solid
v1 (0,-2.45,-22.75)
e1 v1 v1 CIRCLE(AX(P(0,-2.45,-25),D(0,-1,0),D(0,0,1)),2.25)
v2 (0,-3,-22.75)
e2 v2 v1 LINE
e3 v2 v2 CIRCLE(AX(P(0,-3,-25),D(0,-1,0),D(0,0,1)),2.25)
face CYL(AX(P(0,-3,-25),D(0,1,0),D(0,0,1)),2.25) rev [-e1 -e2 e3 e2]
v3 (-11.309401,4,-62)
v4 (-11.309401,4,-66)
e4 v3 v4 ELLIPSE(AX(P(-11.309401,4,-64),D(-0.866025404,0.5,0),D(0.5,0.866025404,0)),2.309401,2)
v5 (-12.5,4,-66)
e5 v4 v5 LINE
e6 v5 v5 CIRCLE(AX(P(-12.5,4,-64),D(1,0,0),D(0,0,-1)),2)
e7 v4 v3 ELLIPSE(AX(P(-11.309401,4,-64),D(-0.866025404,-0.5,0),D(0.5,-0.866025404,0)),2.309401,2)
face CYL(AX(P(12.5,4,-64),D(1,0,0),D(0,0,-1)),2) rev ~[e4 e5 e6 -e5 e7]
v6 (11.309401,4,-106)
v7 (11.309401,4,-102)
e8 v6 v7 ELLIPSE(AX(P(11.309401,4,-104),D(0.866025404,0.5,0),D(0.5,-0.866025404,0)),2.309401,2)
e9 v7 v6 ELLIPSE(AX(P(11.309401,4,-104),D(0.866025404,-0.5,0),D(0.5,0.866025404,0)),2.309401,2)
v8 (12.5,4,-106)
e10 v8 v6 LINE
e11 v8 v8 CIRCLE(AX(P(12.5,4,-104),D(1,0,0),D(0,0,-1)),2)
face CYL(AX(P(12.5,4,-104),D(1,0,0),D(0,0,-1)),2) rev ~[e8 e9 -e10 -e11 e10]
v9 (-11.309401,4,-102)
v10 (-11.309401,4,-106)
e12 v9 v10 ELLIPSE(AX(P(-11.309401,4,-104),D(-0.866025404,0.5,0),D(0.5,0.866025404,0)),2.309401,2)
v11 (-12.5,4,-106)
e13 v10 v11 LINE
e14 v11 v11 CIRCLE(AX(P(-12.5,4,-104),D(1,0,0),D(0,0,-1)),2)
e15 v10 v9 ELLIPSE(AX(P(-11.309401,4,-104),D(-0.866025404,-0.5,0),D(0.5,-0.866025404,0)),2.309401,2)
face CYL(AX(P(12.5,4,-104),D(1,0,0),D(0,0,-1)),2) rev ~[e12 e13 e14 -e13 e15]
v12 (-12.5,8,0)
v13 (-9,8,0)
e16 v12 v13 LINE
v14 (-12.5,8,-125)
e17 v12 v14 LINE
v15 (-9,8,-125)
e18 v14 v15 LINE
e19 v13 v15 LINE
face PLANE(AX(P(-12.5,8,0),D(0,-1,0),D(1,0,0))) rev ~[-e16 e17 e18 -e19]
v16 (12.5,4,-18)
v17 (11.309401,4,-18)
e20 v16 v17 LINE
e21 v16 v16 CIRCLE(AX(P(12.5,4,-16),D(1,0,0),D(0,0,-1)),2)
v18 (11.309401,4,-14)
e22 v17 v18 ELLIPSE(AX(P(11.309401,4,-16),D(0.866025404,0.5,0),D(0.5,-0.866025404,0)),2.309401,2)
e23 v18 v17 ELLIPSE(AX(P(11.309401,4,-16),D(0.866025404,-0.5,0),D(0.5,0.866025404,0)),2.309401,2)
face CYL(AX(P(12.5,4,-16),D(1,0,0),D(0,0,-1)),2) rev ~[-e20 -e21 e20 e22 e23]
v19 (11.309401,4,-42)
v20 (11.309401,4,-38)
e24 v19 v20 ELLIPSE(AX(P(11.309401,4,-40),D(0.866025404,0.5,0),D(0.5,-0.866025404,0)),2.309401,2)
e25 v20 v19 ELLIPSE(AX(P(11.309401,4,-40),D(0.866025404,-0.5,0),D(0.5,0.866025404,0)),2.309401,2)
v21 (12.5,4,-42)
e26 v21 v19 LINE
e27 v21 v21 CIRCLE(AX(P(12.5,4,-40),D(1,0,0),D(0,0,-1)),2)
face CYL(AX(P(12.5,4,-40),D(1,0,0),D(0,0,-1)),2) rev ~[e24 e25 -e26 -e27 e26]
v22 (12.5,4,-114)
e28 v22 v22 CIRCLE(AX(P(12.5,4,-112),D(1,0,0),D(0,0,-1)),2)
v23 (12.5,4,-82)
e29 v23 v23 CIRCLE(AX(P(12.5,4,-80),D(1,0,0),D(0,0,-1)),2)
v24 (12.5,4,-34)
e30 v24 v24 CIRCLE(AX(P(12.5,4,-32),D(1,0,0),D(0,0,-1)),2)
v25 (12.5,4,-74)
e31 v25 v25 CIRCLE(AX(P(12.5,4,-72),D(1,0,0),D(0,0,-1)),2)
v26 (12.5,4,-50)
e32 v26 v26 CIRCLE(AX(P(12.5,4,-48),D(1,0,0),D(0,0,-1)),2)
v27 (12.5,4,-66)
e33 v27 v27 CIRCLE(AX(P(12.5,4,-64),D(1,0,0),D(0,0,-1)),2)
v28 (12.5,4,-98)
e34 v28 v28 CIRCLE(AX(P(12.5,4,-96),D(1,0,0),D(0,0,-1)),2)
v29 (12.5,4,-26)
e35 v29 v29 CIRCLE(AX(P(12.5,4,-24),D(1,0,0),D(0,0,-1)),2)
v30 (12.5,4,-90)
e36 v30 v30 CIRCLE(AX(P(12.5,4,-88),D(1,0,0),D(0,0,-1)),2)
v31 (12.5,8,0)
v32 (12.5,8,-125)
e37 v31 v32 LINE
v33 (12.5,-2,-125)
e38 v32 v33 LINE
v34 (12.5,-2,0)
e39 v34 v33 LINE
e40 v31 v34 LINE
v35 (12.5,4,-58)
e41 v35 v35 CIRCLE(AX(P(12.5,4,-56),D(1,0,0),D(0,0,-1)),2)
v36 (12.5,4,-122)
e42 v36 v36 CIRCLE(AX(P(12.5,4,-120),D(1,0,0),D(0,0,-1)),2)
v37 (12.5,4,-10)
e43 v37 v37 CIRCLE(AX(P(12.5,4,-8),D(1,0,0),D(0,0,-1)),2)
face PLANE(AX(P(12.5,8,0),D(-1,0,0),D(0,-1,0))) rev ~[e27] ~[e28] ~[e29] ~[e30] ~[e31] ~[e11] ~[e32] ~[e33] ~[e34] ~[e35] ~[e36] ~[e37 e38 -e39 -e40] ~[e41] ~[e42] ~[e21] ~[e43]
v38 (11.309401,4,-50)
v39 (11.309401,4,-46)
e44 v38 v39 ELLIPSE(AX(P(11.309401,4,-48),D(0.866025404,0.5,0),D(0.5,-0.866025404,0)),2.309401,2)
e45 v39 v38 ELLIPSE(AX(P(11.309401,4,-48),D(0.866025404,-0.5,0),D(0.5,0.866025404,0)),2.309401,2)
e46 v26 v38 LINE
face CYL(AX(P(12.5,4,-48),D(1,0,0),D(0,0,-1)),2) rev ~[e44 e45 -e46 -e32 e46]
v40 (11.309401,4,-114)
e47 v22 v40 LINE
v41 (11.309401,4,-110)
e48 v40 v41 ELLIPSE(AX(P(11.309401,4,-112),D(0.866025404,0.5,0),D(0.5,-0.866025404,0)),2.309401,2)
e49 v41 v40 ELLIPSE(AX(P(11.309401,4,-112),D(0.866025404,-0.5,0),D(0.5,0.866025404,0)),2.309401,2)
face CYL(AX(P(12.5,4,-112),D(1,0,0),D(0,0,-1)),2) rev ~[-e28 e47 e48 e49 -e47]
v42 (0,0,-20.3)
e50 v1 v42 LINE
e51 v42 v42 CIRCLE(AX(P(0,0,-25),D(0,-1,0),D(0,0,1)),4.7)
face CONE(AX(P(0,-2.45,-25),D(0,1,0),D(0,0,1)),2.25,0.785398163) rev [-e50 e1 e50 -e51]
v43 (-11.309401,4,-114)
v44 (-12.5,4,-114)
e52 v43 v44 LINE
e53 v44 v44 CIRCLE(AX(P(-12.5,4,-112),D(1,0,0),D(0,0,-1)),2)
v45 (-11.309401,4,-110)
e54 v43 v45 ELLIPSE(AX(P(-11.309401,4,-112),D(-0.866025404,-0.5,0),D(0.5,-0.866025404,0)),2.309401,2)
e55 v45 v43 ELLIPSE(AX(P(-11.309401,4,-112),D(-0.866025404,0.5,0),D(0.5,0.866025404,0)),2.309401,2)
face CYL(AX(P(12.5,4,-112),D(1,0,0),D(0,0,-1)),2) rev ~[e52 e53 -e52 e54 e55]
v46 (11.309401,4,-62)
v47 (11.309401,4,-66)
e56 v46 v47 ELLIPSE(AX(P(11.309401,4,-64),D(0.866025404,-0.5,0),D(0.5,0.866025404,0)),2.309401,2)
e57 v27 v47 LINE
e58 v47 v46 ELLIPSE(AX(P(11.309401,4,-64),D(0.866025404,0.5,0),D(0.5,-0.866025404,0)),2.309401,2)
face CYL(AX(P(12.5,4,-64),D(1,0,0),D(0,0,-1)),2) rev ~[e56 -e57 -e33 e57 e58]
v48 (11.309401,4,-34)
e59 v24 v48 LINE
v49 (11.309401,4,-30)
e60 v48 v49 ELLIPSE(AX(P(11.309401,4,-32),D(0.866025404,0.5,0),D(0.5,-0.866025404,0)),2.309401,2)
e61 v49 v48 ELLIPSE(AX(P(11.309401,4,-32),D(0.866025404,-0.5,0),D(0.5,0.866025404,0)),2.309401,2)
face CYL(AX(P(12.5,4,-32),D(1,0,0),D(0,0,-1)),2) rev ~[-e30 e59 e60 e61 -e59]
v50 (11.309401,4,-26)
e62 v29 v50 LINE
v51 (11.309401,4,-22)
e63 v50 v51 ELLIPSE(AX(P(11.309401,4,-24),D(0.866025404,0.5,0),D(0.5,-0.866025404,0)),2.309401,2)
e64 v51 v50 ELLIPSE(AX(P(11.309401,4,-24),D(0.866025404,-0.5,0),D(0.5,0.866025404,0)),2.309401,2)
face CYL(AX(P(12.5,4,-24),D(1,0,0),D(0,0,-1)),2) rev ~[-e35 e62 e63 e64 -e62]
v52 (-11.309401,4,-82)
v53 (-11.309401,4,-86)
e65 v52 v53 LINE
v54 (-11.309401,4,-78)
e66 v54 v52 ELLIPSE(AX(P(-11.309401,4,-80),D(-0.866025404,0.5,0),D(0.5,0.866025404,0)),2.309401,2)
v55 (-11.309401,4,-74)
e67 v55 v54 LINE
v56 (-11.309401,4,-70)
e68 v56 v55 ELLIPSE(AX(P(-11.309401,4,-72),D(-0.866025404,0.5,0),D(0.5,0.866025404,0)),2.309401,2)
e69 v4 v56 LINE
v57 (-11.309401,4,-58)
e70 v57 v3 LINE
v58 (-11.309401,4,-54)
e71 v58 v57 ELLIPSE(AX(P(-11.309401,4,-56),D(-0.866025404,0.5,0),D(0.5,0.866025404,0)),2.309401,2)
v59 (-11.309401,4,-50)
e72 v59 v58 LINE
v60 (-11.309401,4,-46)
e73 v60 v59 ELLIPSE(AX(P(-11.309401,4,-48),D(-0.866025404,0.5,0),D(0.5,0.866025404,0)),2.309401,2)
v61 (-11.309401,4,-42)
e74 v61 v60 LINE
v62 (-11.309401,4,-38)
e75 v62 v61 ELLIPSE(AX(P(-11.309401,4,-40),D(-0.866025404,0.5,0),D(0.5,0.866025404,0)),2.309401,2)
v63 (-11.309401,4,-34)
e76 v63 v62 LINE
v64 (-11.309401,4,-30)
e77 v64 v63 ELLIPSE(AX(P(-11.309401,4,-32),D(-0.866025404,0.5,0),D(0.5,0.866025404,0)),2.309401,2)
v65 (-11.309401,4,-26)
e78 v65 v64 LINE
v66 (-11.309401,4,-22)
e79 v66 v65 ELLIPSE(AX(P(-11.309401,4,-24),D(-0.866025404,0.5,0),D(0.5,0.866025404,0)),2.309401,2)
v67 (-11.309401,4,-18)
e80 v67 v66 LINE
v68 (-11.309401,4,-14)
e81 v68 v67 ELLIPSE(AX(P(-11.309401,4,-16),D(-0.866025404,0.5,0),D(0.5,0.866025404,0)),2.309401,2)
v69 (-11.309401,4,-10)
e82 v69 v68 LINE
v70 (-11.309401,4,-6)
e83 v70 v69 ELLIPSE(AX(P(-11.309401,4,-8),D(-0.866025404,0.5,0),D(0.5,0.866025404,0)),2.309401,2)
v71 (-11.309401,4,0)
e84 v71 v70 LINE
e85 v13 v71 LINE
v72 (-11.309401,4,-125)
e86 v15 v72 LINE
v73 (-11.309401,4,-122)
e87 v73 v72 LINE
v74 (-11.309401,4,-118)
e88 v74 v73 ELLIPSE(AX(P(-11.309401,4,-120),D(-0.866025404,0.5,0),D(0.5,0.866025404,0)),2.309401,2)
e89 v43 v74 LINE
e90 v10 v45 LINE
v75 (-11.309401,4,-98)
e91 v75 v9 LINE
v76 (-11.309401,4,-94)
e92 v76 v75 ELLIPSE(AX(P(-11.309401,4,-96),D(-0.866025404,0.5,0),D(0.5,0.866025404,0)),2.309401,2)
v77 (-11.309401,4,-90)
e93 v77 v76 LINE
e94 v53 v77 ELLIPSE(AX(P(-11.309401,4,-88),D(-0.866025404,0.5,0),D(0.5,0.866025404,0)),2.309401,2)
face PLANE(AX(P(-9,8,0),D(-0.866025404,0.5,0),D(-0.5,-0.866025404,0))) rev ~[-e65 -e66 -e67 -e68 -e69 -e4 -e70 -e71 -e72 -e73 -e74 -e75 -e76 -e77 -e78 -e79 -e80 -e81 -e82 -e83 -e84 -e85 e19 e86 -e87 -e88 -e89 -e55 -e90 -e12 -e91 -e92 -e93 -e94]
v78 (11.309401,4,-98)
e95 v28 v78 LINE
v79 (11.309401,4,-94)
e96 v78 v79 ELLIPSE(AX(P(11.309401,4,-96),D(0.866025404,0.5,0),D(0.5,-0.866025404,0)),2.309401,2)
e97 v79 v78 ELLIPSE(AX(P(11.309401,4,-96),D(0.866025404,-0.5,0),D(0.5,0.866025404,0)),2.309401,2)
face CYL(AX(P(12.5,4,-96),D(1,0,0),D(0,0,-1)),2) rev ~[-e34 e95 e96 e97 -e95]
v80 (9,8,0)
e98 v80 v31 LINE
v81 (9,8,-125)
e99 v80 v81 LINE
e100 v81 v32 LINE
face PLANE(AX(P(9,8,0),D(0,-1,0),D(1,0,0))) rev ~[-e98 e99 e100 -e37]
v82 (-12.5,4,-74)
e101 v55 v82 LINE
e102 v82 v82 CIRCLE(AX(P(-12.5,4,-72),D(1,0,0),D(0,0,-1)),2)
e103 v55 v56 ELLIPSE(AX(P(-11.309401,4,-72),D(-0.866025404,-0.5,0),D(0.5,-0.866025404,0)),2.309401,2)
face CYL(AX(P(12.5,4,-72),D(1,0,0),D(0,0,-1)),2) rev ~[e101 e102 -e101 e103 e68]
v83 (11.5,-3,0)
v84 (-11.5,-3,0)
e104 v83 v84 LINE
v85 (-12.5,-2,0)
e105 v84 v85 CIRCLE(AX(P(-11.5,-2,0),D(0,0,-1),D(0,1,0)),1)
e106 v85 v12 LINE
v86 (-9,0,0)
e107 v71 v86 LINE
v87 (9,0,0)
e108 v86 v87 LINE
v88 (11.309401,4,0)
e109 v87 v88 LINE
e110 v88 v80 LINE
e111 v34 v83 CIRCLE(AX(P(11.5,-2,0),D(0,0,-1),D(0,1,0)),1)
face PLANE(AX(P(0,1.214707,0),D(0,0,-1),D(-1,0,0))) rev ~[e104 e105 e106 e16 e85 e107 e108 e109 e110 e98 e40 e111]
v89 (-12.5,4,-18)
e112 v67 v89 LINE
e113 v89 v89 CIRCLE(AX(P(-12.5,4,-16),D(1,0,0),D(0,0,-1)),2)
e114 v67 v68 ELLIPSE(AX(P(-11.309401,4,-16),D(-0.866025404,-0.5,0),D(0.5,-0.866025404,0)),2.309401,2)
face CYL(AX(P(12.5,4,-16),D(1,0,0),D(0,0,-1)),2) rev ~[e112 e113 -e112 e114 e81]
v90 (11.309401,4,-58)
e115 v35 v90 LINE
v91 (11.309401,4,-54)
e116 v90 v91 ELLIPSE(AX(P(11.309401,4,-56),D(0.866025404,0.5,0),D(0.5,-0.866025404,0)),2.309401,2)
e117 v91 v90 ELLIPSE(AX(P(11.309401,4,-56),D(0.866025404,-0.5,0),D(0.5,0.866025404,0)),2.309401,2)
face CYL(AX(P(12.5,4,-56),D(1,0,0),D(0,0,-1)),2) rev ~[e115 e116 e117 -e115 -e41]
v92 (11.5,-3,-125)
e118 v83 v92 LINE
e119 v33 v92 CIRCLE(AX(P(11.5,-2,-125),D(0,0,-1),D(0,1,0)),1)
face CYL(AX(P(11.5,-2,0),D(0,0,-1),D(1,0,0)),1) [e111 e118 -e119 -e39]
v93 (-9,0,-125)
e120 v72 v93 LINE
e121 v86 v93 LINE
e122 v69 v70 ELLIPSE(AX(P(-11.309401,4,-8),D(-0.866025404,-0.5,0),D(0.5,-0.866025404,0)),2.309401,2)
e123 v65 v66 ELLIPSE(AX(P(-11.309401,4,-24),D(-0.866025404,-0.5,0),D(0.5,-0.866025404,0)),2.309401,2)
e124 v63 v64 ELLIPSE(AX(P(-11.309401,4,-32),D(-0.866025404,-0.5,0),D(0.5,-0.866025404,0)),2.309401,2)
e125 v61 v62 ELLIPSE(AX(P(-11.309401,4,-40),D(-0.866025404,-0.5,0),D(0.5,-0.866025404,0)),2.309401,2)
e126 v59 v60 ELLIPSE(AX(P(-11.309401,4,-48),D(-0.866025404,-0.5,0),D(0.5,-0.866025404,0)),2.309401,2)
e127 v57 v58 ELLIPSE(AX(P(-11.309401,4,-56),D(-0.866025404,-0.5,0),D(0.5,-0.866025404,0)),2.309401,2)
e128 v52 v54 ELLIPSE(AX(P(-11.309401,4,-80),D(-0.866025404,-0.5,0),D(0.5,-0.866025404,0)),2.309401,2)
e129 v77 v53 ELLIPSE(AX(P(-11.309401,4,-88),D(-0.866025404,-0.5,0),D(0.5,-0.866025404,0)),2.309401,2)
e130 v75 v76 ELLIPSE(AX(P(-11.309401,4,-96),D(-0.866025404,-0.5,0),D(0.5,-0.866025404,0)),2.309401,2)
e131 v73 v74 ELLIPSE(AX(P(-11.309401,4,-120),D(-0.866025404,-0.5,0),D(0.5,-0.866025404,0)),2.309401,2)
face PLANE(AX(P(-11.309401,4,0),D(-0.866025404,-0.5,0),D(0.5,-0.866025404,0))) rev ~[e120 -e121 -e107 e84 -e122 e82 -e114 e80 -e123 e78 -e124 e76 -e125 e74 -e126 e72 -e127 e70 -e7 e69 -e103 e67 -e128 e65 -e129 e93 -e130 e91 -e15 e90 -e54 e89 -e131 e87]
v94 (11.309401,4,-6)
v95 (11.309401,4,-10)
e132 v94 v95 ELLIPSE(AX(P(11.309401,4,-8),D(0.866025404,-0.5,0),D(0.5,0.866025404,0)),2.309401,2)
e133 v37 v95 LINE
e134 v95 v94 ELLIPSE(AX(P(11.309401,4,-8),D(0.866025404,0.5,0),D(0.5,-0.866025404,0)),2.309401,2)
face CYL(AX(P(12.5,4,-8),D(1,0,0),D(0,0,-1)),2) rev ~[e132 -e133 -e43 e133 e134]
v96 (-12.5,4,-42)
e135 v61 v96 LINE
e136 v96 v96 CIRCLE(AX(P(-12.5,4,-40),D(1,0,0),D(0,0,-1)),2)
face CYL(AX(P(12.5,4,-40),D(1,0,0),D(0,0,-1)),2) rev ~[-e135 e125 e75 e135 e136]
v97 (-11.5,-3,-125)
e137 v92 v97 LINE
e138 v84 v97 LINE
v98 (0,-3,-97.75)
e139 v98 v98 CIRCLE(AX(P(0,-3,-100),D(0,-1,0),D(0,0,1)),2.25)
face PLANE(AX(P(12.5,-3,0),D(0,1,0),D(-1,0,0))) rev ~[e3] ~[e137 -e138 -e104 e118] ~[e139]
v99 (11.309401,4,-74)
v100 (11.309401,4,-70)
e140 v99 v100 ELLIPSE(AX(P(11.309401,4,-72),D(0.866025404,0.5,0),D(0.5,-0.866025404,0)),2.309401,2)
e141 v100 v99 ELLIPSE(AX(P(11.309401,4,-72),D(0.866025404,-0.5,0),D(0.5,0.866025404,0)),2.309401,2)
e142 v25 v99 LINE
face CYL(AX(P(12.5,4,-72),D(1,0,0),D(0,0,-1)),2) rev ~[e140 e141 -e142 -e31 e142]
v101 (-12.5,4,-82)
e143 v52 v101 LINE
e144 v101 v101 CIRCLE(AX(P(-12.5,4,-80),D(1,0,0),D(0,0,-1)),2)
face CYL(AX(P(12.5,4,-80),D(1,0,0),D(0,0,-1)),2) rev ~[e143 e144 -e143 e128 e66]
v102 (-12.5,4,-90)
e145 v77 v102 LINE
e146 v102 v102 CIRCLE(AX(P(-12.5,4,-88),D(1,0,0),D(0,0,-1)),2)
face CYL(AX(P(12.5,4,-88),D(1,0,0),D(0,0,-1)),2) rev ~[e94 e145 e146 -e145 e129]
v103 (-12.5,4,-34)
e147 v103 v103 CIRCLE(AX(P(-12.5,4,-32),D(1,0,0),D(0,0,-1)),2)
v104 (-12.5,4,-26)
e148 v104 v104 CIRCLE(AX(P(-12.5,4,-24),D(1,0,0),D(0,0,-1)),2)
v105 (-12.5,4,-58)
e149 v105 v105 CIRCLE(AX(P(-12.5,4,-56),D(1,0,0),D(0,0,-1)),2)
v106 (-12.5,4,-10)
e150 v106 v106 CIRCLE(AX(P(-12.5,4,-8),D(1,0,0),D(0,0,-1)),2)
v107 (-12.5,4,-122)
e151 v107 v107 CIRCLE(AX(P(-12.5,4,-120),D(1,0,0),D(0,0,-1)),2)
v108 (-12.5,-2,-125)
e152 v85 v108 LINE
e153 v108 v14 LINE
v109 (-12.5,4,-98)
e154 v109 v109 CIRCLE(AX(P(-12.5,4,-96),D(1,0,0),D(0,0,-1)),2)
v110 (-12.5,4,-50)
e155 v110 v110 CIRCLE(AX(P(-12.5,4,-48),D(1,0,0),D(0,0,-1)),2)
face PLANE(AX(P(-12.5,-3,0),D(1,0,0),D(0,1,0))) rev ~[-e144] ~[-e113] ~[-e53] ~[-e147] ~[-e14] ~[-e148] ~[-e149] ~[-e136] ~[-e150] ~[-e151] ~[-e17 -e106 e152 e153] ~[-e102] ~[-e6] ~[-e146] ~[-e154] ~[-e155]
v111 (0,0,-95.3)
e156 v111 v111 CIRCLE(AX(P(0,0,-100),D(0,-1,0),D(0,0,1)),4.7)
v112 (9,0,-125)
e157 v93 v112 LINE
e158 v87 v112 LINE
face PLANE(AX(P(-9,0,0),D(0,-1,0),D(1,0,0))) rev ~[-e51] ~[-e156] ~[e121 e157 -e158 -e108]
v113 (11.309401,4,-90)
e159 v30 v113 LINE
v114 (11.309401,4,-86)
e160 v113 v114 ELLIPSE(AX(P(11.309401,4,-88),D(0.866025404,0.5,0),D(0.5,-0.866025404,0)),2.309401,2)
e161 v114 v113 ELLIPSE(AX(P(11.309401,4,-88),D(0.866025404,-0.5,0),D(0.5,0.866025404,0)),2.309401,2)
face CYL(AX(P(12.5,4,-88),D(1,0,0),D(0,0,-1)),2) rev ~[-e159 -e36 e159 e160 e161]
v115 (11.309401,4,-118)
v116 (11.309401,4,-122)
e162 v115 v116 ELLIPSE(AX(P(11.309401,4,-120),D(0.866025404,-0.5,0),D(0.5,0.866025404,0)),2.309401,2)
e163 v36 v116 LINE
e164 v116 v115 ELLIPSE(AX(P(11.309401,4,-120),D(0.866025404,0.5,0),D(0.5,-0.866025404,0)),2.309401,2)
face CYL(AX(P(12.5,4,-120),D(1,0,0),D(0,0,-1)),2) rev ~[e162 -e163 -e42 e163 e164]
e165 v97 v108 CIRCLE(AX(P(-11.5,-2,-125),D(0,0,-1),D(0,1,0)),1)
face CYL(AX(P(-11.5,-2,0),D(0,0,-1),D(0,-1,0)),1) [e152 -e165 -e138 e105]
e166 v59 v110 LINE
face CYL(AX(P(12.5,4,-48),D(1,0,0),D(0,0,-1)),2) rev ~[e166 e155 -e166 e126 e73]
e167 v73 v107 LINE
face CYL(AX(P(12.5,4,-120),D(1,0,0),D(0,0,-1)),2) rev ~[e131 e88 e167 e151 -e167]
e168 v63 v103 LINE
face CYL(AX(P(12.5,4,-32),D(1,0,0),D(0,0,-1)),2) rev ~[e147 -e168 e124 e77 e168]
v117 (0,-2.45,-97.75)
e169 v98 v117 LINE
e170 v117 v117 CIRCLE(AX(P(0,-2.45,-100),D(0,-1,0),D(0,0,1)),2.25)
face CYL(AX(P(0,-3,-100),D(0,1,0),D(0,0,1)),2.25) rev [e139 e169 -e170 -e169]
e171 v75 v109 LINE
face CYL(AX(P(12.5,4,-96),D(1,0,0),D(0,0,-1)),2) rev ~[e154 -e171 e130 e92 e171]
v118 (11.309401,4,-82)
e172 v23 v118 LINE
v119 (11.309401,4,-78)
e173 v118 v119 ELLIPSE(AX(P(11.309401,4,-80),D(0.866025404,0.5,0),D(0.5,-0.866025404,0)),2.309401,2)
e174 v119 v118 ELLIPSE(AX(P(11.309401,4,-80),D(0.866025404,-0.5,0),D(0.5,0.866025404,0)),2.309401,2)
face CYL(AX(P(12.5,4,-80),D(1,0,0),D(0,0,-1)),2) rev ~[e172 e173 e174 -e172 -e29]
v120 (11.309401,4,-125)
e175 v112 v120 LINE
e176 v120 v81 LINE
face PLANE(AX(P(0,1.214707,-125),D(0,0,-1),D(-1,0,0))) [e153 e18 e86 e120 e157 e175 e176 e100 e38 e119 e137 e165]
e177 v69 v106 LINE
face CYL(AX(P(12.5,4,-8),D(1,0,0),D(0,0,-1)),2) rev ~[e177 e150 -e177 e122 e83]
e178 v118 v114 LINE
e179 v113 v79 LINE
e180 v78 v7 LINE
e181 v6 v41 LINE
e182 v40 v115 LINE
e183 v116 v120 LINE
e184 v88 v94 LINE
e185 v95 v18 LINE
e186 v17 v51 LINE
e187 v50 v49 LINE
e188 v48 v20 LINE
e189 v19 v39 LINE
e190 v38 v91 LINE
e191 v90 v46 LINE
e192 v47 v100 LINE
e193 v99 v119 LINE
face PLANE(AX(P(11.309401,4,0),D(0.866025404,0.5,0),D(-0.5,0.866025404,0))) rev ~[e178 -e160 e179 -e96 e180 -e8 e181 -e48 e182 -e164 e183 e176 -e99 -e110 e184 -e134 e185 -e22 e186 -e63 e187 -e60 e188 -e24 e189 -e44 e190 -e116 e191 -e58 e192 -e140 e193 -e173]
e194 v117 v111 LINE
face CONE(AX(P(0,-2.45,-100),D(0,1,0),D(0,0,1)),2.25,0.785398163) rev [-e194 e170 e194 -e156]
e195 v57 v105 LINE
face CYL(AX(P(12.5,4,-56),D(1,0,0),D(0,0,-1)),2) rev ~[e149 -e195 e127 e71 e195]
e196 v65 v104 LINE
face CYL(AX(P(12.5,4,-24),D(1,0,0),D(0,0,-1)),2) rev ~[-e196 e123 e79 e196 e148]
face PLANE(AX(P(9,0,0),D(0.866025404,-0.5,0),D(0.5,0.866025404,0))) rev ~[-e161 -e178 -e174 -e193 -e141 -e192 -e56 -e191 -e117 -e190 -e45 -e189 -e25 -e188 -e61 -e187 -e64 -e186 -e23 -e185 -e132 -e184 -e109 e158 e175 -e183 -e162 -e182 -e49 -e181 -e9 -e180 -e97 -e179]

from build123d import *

# Parameters (mm, degrees)
BOSS_EXTRUDE1_DEPTH                            = 125
SKETCH3_R                                      = 2
CUT_EXTRUDE2_DEPTH                             = 100
LPATTERN1_COUNT                                = 28
LPATTERN1_PITCH                                = 8
FILLET1_R                                      = 1
CSK_FOR_M4_FLAT_HEAD_MACHINE_SCREW1_AT_2_COUNT = 2
CSK_FOR_M4_FLAT_HEAD_MACHINE_SCREW1_AT_2_PITCH = 75


with BuildPart() as part:
    # Sketch1 → Boss-Extrude1 (new body)
    with BuildSketch(Plane.XY):
        Polygon((-9, 0), (9, 0), (11.309401077, 4), (9, 8), (12.5, 8), (12.5, -3), (-12.5, -3), (-12.5, 8), (-9, 8), (-11.309401077, 4), align=None)
    extrude(amount=-BOSS_EXTRUDE1_DEPTH)

    # Sketch3 → Cut-Extrude2 (cut)
    with BuildSketch(Plane(origin=(12.5, 0, 0), x_dir=(0, 0, -1), z_dir=(1, 0, 0))):
        with Locations((8, 4)):
            Circle(SKETCH3_R)
    cut_extrude2 = extrude(amount=-CUT_EXTRUDE2_DEPTH, mode=Mode.SUBTRACT)

    # LPattern1: Cut-Extrude2 ×28
    with Locations(*[(0, 0, -i * LPATTERN1_PITCH) for i in range(1, LPATTERN1_COUNT)]):
        add(cut_extrude2, mode=Mode.SUBTRACT)

    # Fillet1
    fillet1_edges = [part.edges().sort_by_distance(p)[0] for p in [
        (12.5, -3, -62.5),
        (-12.5, -3, -62.5),
    ]]
    fillet(fillet1_edges, radius=FILLET1_R)

    # Sketch4 → CSK for M4 Flat Head Machine Screw1 (revolve, cut)
    with BuildSketch(Plane(origin=(0, 0, -100), x_dir=(0, 0, 1), z_dir=(1, 0, 0))):
        Polygon((0, 0), (0, 3), (2.25, 3), (2.25, 2.45), (4.7, 0), align=None)
    csk_for_m4_flat_head_machine_screw1 = revolve(axis=Axis((0, 6.35, -100), (0, -1, 0)), mode=Mode.SUBTRACT)

    # CSK for M4 Flat Head Machine Screw1 at 2: CSK for M4 Flat Head Machine Screw1 ×2
    with Locations(*[(0, 0, i * CSK_FOR_M4_FLAT_HEAD_MACHINE_SCREW1_AT_2_PITCH) for i in range(1, CSK_FOR_M4_FLAT_HEAD_MACHINE_SCREW1_AT_2_COUNT)]):
        add(csk_for_m4_flat_head_machine_screw1, mode=Mode.SUBTRACT)


solid = part.part
